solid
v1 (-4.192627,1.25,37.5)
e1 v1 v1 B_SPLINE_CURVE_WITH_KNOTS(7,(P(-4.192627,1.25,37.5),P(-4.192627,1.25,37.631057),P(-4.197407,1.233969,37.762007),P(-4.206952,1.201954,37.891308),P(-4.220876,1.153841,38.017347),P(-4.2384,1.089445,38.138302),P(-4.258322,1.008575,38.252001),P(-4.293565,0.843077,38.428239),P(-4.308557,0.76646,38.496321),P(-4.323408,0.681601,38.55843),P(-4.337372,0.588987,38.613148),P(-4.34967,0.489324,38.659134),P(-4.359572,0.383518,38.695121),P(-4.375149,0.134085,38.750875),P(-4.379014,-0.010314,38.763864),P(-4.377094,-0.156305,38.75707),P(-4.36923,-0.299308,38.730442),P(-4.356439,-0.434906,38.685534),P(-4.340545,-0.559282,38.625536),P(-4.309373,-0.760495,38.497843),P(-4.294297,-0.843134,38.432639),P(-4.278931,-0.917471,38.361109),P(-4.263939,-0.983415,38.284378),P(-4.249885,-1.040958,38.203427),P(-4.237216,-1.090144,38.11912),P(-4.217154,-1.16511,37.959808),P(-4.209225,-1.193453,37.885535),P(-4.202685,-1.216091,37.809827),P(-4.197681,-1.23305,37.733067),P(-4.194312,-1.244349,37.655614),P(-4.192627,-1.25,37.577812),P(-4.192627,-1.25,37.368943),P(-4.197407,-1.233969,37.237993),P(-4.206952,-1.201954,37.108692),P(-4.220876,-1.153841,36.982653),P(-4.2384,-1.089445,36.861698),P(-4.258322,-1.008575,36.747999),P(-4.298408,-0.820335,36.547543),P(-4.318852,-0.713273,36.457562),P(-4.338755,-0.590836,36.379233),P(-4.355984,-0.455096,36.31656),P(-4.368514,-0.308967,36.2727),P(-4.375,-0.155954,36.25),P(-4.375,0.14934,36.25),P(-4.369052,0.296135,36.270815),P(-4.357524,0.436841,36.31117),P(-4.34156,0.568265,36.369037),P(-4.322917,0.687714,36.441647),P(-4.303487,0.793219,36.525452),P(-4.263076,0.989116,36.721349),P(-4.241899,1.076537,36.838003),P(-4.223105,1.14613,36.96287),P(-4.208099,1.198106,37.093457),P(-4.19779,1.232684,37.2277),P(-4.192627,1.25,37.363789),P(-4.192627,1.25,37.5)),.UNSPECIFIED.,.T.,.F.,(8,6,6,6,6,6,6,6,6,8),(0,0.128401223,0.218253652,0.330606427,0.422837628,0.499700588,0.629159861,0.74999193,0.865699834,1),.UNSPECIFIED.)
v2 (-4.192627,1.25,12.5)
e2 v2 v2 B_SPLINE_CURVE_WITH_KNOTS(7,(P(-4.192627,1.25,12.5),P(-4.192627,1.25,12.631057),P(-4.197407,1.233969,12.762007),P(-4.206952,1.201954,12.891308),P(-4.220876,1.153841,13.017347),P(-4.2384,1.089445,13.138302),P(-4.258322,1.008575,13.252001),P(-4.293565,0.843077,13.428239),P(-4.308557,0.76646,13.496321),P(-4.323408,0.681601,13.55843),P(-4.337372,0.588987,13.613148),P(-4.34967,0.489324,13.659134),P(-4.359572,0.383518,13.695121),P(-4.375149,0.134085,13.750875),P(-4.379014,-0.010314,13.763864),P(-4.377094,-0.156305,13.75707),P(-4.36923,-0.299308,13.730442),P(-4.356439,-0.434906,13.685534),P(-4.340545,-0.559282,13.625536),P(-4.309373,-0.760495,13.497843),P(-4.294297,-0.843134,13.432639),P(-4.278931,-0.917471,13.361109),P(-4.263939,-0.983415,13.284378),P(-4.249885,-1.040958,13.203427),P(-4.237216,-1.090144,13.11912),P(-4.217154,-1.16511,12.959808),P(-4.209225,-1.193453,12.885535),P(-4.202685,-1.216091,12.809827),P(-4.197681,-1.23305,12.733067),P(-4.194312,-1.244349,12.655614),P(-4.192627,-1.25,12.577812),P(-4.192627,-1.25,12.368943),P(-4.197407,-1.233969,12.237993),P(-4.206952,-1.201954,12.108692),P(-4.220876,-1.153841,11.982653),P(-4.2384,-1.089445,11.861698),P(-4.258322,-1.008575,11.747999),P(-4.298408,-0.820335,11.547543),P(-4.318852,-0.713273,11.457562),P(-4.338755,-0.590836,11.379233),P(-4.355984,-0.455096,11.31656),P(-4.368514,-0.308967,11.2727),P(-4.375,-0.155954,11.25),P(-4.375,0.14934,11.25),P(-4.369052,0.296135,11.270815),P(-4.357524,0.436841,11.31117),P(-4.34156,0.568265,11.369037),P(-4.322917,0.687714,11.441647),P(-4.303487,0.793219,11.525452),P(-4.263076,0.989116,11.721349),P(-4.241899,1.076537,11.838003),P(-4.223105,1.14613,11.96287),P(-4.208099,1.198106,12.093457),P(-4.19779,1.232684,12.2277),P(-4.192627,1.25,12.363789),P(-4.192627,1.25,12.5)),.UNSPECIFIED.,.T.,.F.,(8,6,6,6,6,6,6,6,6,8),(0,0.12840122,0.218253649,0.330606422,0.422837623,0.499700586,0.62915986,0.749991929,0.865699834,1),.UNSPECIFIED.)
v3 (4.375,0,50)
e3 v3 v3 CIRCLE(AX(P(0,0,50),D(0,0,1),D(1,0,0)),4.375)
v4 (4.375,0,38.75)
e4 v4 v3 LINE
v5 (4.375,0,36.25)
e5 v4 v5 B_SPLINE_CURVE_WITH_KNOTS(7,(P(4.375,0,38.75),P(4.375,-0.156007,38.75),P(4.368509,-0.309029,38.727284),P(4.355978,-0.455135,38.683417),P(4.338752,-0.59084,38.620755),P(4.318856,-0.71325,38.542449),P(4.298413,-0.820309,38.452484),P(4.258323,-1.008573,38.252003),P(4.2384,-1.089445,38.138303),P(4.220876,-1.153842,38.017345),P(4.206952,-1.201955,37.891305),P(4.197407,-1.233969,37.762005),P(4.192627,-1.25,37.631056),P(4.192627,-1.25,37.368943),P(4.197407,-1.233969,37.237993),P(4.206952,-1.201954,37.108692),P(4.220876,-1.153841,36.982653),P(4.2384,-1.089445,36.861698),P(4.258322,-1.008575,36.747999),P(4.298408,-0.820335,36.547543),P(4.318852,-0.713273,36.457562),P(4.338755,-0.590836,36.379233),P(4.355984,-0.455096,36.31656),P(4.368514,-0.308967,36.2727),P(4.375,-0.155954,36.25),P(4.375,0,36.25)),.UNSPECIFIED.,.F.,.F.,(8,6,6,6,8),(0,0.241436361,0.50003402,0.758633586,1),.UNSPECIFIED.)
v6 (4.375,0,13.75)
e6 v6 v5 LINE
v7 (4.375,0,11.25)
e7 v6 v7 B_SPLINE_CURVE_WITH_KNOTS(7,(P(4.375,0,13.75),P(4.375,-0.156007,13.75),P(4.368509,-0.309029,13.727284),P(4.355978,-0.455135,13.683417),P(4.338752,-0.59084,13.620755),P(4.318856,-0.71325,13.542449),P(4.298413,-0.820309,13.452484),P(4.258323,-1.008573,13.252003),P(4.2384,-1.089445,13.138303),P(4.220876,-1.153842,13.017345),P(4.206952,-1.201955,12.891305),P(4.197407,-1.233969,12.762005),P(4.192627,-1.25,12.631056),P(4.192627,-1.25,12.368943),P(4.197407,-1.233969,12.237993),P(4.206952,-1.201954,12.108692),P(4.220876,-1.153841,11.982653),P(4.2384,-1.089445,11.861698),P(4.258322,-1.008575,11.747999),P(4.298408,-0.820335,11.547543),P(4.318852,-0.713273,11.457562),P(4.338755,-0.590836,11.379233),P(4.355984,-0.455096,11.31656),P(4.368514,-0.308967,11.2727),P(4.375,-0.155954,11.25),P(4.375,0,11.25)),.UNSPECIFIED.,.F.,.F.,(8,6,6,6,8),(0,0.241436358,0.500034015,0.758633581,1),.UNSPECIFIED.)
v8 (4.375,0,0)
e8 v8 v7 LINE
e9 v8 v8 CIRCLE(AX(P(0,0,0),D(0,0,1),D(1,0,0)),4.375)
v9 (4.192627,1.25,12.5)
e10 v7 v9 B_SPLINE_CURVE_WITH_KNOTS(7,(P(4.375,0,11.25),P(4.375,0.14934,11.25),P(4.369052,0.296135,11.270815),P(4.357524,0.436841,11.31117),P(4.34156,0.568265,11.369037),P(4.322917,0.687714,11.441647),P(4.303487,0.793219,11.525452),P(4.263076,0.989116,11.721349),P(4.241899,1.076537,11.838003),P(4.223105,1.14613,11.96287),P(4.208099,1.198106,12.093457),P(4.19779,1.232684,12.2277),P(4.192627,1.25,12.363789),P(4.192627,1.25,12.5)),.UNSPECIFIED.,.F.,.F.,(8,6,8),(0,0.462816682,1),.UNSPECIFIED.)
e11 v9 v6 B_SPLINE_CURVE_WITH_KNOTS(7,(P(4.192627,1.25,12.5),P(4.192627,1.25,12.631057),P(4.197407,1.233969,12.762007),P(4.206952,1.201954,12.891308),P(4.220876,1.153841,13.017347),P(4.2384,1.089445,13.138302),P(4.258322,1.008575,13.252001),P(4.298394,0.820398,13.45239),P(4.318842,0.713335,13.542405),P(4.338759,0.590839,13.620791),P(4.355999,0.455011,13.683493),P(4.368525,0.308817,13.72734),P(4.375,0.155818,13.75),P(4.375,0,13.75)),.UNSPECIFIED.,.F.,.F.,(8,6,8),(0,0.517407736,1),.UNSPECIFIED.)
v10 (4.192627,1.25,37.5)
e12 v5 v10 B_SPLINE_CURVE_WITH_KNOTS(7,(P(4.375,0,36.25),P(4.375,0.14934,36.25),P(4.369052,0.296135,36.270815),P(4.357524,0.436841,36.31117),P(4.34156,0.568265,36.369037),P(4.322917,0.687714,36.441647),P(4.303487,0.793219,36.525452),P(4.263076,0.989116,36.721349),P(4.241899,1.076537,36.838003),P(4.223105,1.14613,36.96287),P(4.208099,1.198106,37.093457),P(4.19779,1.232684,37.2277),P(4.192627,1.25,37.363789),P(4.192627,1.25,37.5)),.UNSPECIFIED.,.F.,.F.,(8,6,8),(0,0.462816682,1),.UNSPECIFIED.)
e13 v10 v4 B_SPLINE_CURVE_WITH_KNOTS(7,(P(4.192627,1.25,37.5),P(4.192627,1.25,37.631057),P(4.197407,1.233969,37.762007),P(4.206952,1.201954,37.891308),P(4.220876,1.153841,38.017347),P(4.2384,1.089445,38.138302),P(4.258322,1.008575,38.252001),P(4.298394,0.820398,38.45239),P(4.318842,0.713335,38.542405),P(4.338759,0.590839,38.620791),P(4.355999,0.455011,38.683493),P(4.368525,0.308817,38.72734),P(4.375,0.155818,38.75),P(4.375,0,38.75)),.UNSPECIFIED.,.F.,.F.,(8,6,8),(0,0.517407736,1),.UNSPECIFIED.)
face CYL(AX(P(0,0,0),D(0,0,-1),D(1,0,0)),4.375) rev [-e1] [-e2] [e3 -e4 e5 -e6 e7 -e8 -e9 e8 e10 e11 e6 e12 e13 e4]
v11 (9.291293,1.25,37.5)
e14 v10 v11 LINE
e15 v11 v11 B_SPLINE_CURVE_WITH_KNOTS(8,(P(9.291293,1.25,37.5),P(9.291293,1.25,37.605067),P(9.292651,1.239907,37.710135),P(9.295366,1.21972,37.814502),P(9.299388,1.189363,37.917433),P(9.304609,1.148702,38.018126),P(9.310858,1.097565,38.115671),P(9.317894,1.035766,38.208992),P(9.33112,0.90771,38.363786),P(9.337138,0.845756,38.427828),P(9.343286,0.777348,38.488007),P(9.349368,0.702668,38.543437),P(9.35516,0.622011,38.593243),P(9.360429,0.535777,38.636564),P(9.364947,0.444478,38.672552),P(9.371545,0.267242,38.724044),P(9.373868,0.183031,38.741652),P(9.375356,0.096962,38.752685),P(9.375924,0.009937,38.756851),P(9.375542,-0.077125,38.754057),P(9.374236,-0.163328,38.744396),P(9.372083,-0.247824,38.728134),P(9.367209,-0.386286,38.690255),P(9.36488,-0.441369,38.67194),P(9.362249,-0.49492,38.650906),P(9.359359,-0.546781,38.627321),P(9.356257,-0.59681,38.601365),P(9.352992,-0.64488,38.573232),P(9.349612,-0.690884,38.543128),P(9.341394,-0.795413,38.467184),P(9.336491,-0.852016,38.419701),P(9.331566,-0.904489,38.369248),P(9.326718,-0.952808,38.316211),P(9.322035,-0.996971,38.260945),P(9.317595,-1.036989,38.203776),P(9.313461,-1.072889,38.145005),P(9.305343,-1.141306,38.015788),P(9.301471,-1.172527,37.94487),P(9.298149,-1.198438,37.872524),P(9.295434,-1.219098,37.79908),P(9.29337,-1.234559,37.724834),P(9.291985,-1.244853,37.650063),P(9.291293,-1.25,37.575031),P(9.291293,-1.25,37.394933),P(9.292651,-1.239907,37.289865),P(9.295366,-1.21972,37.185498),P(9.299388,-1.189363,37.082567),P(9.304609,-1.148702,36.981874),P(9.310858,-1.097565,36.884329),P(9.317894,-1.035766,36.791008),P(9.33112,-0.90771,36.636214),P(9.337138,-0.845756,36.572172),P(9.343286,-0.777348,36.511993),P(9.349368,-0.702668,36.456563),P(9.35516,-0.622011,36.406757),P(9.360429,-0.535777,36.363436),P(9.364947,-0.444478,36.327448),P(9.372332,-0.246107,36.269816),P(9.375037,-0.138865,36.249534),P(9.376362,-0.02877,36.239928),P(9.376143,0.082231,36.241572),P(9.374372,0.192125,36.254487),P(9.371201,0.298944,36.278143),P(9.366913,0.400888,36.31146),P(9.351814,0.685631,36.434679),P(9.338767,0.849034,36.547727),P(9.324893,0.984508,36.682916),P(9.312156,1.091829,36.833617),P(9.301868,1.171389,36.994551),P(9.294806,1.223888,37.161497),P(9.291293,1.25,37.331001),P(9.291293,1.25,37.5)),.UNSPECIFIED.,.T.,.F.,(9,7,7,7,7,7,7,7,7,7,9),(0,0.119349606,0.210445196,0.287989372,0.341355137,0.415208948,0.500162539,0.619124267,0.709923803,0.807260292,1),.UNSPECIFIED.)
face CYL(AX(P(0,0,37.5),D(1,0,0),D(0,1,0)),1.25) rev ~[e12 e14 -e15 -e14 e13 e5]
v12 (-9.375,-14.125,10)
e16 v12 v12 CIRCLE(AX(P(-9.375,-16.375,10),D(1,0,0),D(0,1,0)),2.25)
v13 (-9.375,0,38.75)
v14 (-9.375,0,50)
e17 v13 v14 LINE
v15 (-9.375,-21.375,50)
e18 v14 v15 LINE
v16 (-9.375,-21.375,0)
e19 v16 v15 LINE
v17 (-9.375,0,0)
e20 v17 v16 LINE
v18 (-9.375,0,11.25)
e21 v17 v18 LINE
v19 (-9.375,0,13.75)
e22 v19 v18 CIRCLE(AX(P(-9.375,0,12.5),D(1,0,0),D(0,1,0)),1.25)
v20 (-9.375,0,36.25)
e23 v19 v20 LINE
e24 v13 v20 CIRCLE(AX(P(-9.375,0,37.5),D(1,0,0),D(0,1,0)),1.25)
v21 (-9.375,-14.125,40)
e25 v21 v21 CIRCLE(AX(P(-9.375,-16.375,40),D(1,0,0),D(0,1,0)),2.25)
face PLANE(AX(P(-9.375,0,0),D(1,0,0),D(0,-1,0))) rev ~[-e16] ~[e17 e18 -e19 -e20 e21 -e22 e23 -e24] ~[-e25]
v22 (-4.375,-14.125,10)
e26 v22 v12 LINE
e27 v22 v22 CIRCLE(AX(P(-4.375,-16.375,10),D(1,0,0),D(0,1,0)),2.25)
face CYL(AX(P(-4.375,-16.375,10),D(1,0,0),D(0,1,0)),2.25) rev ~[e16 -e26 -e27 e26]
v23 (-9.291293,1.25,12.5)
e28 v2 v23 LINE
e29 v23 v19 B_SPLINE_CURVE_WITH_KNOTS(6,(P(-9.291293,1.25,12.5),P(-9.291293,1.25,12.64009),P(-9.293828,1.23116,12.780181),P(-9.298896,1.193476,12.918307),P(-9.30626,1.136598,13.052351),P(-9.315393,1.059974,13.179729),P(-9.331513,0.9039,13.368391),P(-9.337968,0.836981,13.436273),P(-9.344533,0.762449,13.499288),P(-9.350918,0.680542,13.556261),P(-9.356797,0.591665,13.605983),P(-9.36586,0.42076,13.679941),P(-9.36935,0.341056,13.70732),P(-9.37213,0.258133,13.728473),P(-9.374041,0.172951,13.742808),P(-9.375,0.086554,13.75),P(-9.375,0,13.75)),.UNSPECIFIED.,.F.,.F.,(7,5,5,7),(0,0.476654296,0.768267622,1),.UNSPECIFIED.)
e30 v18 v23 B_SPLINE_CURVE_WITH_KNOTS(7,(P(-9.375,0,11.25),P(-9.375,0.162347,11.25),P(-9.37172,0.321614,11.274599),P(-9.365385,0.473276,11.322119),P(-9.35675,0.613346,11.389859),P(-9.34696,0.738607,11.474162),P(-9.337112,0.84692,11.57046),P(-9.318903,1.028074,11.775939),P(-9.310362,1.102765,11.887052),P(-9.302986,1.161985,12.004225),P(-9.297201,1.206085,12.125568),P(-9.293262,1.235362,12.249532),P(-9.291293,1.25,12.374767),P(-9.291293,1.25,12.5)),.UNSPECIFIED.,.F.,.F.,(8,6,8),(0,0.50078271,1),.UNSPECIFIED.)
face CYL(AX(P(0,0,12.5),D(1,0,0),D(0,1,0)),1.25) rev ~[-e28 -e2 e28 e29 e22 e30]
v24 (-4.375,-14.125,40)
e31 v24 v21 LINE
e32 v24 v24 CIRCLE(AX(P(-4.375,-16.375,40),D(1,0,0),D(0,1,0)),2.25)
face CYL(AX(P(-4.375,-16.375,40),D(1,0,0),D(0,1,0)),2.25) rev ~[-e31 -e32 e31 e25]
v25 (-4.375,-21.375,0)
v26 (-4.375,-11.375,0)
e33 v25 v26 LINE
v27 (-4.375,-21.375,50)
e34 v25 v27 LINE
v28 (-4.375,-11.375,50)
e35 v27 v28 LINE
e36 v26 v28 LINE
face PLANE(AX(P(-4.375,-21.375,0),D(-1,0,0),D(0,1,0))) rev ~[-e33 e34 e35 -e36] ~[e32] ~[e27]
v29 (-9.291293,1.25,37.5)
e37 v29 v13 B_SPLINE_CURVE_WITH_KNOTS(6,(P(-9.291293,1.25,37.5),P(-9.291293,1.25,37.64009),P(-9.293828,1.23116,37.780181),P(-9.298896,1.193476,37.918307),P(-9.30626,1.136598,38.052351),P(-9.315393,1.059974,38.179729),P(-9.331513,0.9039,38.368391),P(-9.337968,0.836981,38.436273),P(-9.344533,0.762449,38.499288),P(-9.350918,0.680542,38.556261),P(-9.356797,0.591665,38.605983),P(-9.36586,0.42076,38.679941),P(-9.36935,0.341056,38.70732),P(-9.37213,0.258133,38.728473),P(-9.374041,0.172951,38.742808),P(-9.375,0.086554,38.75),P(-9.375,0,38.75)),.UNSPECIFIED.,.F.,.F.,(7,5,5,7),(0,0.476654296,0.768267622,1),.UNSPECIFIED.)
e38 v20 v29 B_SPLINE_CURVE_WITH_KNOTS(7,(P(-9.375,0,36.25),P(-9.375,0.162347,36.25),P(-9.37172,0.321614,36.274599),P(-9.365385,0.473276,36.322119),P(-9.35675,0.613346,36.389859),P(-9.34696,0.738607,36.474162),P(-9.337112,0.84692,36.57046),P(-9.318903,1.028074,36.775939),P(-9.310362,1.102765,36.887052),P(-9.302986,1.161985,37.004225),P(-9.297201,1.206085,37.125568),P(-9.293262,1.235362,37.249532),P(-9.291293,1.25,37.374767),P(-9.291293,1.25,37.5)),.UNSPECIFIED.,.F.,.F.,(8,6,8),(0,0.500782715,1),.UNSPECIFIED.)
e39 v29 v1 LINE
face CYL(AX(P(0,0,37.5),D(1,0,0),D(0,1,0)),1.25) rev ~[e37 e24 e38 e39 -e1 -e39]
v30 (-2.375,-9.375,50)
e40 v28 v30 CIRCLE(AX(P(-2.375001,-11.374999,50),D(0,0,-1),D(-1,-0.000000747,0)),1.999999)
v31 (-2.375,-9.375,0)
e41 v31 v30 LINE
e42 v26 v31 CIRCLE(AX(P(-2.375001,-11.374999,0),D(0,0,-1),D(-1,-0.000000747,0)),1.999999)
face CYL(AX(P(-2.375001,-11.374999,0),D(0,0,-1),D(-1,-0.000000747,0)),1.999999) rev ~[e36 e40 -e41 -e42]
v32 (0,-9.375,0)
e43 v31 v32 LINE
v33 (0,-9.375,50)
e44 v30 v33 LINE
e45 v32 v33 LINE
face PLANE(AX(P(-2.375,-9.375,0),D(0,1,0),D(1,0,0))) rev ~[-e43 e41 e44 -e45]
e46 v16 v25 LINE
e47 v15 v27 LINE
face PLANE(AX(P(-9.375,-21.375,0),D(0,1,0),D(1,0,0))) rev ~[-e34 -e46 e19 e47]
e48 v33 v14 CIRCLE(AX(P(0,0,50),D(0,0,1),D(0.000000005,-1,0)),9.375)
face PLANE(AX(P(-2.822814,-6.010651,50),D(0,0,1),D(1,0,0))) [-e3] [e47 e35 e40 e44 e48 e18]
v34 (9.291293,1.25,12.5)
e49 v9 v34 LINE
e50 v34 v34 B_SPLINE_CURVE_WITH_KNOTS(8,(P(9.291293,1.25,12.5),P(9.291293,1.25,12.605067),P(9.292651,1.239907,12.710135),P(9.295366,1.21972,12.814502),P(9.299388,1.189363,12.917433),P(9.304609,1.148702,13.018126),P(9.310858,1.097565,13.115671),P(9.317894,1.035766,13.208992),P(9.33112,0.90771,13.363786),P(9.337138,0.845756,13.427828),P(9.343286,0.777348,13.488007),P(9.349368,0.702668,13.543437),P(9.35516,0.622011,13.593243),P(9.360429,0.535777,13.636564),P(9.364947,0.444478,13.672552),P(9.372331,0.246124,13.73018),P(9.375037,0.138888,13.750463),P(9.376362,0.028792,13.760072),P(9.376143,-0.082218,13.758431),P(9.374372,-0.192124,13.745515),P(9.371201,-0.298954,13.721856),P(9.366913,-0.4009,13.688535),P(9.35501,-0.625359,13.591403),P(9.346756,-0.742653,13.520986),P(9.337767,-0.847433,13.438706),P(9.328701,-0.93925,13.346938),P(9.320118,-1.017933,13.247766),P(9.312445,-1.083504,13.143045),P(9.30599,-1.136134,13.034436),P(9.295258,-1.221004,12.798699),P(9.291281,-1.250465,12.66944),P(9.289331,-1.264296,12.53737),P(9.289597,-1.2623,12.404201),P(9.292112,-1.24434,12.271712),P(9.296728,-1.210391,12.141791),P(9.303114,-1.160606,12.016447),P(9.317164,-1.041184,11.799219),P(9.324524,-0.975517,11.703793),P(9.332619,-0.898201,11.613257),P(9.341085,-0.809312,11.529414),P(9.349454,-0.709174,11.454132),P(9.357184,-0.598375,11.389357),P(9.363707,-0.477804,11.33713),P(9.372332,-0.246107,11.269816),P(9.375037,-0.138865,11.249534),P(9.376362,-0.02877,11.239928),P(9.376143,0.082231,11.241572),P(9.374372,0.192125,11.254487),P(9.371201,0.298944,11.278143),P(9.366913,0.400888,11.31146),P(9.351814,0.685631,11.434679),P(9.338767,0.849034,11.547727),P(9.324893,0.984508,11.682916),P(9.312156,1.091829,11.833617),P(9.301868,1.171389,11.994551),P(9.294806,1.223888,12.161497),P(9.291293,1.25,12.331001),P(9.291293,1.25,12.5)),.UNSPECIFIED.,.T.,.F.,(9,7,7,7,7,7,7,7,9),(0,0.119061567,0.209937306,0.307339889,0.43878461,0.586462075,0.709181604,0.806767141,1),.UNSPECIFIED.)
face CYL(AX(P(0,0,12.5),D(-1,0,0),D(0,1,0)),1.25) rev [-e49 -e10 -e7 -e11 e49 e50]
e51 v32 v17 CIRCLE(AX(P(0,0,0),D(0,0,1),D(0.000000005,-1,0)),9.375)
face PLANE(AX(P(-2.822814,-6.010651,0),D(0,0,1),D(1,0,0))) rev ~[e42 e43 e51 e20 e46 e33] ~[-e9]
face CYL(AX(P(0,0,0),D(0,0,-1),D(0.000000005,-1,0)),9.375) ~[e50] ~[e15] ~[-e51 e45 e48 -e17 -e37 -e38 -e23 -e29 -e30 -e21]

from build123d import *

# Parameters (mm, degrees)
F0_R     = 4.375
F1_DEPTH = 50
F2_R     = 1.25
F3_DEPTH = 12.5
F4_R     = 2.25
F5_DEPTH = 5.001


with BuildPart() as f1:
    # F0 (on Top) → F1 (new body)
    with BuildSketch(Plane.XY):
        with BuildLine():
            Line((-2.375, -9.375), (0, -9.375))
            ThreePointArc((0, -9.375), (6.629126, 6.629126), (-9.375, 0))
            Line((-9.375, 0), (-9.375, -21.375))
            Line((-9.375, -21.375), (-4.375, -21.375))
            Line((-4.375, -21.375), (-4.375, -11.375))
            ThreePointArc((-4.375, -11.375), (-3.789214, -9.960786), (-2.375, -9.375))
        make_face()
        Circle(F0_R, mode=Mode.SUBTRACT)
    extrude(amount=F1_DEPTH)

    # F2 (on Right) → F3 (cut, symmetric)
    with BuildSketch(Plane.YZ):
        with Locations((0, 12.5)):
            Circle(F2_R)
        with Locations((0, 37.5)):
            Circle(F2_R)
    extrude(amount=F3_DEPTH, both=True, mode=Mode.SUBTRACT)

    # F4 (on face) → F5 (cut, through all)
    with BuildSketch(Plane.YZ.offset(-4.375)):
        with Locations((-16.375, 40)):
            Circle(F4_R)
        with Locations((-16.375, 10)):
            Circle(F4_R)
    extrude(amount=-F5_DEPTH, mode=Mode.SUBTRACT)


solid = f1.part
